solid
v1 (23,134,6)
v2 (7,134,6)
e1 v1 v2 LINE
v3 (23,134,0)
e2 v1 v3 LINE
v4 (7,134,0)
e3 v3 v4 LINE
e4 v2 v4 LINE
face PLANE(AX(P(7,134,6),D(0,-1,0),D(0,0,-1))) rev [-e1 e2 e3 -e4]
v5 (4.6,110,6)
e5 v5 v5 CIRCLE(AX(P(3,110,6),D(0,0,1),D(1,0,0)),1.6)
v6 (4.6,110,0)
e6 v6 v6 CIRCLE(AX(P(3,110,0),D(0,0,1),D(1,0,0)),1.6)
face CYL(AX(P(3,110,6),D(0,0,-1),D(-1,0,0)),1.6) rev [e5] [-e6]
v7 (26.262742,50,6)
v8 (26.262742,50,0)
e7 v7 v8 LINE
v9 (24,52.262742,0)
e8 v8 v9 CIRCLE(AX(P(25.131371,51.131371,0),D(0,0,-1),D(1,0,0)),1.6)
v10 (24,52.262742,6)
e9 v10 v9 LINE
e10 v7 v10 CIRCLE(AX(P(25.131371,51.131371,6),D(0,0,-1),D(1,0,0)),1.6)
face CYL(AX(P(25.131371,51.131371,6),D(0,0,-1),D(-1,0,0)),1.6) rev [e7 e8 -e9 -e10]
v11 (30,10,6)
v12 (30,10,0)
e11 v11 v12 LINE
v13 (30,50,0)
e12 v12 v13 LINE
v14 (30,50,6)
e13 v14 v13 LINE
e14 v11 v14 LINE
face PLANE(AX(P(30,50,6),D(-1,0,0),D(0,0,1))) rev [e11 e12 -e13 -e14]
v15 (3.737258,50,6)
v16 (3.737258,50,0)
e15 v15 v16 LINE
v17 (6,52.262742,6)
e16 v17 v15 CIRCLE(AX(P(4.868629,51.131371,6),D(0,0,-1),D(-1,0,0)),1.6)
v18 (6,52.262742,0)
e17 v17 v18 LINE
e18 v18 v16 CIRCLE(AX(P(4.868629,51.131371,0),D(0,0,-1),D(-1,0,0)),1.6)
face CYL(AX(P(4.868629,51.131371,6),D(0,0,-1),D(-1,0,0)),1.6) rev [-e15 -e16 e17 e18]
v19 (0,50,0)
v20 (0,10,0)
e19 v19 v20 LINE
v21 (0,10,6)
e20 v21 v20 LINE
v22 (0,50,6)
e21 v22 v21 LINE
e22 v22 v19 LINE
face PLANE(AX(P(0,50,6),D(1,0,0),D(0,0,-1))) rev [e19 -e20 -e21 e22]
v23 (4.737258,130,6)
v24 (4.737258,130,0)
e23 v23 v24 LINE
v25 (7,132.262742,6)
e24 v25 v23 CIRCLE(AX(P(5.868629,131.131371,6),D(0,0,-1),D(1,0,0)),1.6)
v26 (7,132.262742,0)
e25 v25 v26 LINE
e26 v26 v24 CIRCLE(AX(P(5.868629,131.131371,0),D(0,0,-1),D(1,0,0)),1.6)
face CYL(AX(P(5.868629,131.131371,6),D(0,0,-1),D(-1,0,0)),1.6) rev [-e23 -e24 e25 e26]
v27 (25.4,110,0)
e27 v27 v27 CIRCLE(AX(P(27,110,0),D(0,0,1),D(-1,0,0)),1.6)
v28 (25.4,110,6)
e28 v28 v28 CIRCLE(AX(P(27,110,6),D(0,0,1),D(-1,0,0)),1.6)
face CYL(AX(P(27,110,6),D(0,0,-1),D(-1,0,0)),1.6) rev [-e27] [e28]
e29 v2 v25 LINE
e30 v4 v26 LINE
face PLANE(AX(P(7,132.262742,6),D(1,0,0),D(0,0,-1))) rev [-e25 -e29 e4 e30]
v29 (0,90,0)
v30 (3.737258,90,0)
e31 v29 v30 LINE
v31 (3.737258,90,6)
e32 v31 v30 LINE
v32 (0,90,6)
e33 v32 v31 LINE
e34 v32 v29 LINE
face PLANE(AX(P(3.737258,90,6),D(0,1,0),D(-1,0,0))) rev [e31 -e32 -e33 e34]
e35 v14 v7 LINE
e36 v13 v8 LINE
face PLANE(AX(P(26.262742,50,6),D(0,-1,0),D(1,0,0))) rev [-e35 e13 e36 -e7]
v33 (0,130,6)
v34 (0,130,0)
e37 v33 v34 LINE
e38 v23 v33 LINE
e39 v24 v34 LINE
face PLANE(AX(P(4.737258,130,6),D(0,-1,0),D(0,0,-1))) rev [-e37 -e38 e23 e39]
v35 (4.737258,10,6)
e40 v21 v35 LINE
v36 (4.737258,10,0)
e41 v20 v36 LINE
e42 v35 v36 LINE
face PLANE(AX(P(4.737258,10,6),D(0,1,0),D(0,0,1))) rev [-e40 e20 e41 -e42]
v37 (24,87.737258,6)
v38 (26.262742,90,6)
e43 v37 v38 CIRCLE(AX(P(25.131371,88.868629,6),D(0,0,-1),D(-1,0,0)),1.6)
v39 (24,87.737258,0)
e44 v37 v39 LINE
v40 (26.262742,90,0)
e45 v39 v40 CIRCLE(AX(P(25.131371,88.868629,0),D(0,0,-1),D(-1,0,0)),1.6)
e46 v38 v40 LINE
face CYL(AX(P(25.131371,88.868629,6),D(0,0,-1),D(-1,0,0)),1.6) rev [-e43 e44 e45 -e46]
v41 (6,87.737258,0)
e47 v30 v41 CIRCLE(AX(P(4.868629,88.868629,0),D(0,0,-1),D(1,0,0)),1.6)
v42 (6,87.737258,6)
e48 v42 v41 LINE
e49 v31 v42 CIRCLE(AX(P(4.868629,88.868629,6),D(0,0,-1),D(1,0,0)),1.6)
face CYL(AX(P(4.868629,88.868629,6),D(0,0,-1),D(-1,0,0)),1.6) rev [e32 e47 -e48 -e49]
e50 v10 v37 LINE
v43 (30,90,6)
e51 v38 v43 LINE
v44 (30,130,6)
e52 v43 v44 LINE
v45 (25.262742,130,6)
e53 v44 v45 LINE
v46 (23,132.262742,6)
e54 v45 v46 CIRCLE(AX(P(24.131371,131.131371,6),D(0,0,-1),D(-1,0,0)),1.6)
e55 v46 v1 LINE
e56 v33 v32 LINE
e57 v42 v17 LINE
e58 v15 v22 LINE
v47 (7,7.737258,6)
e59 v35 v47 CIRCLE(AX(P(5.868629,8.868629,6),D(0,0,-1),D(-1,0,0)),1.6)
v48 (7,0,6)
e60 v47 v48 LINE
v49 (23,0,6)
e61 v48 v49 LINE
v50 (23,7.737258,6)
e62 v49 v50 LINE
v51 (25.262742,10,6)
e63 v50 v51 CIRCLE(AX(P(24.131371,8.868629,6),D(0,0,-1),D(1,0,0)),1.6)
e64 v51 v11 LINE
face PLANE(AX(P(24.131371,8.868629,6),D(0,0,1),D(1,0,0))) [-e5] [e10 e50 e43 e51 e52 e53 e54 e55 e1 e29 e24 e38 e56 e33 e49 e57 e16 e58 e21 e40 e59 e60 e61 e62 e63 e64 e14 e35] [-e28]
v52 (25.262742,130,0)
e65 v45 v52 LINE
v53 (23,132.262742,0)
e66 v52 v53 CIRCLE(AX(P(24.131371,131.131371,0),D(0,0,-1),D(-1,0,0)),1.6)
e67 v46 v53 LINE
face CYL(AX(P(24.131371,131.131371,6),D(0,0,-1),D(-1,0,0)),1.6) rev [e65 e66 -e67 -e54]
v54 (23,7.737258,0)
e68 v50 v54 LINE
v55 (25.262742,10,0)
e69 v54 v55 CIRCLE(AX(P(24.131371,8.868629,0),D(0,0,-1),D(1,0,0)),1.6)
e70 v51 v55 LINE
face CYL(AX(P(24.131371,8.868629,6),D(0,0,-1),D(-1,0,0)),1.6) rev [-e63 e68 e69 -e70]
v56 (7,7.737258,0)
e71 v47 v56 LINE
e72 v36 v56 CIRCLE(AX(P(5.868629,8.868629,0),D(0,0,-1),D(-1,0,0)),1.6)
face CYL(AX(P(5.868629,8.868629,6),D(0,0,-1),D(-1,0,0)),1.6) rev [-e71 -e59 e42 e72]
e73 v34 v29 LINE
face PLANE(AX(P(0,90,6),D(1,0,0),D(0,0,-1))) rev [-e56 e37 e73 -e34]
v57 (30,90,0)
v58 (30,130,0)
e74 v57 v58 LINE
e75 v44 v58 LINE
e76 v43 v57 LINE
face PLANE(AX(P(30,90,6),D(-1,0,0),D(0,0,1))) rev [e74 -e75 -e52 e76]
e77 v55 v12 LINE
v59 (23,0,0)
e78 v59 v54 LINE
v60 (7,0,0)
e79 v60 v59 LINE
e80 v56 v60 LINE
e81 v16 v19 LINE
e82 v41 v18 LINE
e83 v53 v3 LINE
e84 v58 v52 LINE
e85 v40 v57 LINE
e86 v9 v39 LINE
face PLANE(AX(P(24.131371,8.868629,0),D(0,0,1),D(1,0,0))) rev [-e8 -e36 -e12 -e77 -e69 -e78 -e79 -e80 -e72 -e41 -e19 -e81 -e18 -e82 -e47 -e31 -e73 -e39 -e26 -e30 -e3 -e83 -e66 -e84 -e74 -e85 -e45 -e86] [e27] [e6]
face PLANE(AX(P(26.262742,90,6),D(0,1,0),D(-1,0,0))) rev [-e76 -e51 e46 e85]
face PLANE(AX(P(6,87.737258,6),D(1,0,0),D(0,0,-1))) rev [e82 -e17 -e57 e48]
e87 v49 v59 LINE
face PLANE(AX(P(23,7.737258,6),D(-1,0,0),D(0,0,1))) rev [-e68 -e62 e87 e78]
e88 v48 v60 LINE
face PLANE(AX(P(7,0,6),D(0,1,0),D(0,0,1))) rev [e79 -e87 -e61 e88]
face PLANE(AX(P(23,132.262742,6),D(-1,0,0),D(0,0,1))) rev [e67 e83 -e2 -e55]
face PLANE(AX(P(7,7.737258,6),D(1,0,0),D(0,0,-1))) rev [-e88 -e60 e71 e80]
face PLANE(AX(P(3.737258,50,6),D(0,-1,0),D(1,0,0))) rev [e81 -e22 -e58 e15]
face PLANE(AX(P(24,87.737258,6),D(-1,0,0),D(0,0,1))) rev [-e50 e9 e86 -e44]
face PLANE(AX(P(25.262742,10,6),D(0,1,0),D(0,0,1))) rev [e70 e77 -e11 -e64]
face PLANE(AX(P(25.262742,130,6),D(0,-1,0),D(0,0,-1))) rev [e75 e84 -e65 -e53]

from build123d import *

# Parameters (mm, degrees)
ESQUISSE1_R      = 1.6
EXTRUSION1_DEPTH = 6


with BuildPart() as part:
    # Esquisse1 → Extrusion1 (new body)
    with BuildSketch(Plane.XY):
        with BuildLine():
            Line((25.2627417, 10), (30, 10))
            Line((30, 10), (30, 50))
            Line((30, 50), (26.2627417, 50))
            ThreePointArc((26.2627417, 50), (24, 50), (24, 52.2627417))
            Line((24, 52.2627417), (24, 87.7372583))
            ThreePointArc((24, 87.7372583), (24, 90), (26.2627417, 90))
            Line((26.2627417, 90), (30, 90))
            Line((30, 90), (30, 130))
            Line((30, 130), (25.2627417, 130))
            ThreePointArc((25.2627417, 130), (23, 130), (23, 132.2627417))
            Line((23, 132.2627417), (23, 134))
            Line((23, 134), (7, 134))
            Line((7, 134), (7, 132.2627417))
            ThreePointArc((7, 132.2627417), (7, 130), (4.7372583, 130))
            Line((4.7372583, 130), (0, 130))
            Line((0, 130), (0, 90))
            Line((0, 90), (3.7372583, 90))
            ThreePointArc((3.7372583, 90), (6, 90), (6, 87.7372583))
            Line((6, 87.7372583), (6, 52.2627417))
            ThreePointArc((6, 52.2627417), (6, 50), (3.7372583, 50))
            Line((3.7372583, 50), (0, 50))
            Line((0, 50), (0, 10))
            Line((0, 10), (4.7372583, 10))
            ThreePointArc((4.7372583, 10), (7, 10), (7, 7.7372583))
            Line((7, 7.7372583), (7, 0))
            Line((7, 0), (23, 0))
            Line((23, 0), (23, 7.7372583))
            ThreePointArc((23, 7.7372583), (23, 10), (25.2627417, 10))
        make_face()
        with Locations(Location((27, 110, 0), (0, 0, 180))):  # turned: the seam where the file's is
            Circle(ESQUISSE1_R, mode=Mode.SUBTRACT)
        with Locations((3, 110)):
            Circle(ESQUISSE1_R, mode=Mode.SUBTRACT)
    extrude(amount=EXTRUSION1_DEPTH)


solid = part.part
